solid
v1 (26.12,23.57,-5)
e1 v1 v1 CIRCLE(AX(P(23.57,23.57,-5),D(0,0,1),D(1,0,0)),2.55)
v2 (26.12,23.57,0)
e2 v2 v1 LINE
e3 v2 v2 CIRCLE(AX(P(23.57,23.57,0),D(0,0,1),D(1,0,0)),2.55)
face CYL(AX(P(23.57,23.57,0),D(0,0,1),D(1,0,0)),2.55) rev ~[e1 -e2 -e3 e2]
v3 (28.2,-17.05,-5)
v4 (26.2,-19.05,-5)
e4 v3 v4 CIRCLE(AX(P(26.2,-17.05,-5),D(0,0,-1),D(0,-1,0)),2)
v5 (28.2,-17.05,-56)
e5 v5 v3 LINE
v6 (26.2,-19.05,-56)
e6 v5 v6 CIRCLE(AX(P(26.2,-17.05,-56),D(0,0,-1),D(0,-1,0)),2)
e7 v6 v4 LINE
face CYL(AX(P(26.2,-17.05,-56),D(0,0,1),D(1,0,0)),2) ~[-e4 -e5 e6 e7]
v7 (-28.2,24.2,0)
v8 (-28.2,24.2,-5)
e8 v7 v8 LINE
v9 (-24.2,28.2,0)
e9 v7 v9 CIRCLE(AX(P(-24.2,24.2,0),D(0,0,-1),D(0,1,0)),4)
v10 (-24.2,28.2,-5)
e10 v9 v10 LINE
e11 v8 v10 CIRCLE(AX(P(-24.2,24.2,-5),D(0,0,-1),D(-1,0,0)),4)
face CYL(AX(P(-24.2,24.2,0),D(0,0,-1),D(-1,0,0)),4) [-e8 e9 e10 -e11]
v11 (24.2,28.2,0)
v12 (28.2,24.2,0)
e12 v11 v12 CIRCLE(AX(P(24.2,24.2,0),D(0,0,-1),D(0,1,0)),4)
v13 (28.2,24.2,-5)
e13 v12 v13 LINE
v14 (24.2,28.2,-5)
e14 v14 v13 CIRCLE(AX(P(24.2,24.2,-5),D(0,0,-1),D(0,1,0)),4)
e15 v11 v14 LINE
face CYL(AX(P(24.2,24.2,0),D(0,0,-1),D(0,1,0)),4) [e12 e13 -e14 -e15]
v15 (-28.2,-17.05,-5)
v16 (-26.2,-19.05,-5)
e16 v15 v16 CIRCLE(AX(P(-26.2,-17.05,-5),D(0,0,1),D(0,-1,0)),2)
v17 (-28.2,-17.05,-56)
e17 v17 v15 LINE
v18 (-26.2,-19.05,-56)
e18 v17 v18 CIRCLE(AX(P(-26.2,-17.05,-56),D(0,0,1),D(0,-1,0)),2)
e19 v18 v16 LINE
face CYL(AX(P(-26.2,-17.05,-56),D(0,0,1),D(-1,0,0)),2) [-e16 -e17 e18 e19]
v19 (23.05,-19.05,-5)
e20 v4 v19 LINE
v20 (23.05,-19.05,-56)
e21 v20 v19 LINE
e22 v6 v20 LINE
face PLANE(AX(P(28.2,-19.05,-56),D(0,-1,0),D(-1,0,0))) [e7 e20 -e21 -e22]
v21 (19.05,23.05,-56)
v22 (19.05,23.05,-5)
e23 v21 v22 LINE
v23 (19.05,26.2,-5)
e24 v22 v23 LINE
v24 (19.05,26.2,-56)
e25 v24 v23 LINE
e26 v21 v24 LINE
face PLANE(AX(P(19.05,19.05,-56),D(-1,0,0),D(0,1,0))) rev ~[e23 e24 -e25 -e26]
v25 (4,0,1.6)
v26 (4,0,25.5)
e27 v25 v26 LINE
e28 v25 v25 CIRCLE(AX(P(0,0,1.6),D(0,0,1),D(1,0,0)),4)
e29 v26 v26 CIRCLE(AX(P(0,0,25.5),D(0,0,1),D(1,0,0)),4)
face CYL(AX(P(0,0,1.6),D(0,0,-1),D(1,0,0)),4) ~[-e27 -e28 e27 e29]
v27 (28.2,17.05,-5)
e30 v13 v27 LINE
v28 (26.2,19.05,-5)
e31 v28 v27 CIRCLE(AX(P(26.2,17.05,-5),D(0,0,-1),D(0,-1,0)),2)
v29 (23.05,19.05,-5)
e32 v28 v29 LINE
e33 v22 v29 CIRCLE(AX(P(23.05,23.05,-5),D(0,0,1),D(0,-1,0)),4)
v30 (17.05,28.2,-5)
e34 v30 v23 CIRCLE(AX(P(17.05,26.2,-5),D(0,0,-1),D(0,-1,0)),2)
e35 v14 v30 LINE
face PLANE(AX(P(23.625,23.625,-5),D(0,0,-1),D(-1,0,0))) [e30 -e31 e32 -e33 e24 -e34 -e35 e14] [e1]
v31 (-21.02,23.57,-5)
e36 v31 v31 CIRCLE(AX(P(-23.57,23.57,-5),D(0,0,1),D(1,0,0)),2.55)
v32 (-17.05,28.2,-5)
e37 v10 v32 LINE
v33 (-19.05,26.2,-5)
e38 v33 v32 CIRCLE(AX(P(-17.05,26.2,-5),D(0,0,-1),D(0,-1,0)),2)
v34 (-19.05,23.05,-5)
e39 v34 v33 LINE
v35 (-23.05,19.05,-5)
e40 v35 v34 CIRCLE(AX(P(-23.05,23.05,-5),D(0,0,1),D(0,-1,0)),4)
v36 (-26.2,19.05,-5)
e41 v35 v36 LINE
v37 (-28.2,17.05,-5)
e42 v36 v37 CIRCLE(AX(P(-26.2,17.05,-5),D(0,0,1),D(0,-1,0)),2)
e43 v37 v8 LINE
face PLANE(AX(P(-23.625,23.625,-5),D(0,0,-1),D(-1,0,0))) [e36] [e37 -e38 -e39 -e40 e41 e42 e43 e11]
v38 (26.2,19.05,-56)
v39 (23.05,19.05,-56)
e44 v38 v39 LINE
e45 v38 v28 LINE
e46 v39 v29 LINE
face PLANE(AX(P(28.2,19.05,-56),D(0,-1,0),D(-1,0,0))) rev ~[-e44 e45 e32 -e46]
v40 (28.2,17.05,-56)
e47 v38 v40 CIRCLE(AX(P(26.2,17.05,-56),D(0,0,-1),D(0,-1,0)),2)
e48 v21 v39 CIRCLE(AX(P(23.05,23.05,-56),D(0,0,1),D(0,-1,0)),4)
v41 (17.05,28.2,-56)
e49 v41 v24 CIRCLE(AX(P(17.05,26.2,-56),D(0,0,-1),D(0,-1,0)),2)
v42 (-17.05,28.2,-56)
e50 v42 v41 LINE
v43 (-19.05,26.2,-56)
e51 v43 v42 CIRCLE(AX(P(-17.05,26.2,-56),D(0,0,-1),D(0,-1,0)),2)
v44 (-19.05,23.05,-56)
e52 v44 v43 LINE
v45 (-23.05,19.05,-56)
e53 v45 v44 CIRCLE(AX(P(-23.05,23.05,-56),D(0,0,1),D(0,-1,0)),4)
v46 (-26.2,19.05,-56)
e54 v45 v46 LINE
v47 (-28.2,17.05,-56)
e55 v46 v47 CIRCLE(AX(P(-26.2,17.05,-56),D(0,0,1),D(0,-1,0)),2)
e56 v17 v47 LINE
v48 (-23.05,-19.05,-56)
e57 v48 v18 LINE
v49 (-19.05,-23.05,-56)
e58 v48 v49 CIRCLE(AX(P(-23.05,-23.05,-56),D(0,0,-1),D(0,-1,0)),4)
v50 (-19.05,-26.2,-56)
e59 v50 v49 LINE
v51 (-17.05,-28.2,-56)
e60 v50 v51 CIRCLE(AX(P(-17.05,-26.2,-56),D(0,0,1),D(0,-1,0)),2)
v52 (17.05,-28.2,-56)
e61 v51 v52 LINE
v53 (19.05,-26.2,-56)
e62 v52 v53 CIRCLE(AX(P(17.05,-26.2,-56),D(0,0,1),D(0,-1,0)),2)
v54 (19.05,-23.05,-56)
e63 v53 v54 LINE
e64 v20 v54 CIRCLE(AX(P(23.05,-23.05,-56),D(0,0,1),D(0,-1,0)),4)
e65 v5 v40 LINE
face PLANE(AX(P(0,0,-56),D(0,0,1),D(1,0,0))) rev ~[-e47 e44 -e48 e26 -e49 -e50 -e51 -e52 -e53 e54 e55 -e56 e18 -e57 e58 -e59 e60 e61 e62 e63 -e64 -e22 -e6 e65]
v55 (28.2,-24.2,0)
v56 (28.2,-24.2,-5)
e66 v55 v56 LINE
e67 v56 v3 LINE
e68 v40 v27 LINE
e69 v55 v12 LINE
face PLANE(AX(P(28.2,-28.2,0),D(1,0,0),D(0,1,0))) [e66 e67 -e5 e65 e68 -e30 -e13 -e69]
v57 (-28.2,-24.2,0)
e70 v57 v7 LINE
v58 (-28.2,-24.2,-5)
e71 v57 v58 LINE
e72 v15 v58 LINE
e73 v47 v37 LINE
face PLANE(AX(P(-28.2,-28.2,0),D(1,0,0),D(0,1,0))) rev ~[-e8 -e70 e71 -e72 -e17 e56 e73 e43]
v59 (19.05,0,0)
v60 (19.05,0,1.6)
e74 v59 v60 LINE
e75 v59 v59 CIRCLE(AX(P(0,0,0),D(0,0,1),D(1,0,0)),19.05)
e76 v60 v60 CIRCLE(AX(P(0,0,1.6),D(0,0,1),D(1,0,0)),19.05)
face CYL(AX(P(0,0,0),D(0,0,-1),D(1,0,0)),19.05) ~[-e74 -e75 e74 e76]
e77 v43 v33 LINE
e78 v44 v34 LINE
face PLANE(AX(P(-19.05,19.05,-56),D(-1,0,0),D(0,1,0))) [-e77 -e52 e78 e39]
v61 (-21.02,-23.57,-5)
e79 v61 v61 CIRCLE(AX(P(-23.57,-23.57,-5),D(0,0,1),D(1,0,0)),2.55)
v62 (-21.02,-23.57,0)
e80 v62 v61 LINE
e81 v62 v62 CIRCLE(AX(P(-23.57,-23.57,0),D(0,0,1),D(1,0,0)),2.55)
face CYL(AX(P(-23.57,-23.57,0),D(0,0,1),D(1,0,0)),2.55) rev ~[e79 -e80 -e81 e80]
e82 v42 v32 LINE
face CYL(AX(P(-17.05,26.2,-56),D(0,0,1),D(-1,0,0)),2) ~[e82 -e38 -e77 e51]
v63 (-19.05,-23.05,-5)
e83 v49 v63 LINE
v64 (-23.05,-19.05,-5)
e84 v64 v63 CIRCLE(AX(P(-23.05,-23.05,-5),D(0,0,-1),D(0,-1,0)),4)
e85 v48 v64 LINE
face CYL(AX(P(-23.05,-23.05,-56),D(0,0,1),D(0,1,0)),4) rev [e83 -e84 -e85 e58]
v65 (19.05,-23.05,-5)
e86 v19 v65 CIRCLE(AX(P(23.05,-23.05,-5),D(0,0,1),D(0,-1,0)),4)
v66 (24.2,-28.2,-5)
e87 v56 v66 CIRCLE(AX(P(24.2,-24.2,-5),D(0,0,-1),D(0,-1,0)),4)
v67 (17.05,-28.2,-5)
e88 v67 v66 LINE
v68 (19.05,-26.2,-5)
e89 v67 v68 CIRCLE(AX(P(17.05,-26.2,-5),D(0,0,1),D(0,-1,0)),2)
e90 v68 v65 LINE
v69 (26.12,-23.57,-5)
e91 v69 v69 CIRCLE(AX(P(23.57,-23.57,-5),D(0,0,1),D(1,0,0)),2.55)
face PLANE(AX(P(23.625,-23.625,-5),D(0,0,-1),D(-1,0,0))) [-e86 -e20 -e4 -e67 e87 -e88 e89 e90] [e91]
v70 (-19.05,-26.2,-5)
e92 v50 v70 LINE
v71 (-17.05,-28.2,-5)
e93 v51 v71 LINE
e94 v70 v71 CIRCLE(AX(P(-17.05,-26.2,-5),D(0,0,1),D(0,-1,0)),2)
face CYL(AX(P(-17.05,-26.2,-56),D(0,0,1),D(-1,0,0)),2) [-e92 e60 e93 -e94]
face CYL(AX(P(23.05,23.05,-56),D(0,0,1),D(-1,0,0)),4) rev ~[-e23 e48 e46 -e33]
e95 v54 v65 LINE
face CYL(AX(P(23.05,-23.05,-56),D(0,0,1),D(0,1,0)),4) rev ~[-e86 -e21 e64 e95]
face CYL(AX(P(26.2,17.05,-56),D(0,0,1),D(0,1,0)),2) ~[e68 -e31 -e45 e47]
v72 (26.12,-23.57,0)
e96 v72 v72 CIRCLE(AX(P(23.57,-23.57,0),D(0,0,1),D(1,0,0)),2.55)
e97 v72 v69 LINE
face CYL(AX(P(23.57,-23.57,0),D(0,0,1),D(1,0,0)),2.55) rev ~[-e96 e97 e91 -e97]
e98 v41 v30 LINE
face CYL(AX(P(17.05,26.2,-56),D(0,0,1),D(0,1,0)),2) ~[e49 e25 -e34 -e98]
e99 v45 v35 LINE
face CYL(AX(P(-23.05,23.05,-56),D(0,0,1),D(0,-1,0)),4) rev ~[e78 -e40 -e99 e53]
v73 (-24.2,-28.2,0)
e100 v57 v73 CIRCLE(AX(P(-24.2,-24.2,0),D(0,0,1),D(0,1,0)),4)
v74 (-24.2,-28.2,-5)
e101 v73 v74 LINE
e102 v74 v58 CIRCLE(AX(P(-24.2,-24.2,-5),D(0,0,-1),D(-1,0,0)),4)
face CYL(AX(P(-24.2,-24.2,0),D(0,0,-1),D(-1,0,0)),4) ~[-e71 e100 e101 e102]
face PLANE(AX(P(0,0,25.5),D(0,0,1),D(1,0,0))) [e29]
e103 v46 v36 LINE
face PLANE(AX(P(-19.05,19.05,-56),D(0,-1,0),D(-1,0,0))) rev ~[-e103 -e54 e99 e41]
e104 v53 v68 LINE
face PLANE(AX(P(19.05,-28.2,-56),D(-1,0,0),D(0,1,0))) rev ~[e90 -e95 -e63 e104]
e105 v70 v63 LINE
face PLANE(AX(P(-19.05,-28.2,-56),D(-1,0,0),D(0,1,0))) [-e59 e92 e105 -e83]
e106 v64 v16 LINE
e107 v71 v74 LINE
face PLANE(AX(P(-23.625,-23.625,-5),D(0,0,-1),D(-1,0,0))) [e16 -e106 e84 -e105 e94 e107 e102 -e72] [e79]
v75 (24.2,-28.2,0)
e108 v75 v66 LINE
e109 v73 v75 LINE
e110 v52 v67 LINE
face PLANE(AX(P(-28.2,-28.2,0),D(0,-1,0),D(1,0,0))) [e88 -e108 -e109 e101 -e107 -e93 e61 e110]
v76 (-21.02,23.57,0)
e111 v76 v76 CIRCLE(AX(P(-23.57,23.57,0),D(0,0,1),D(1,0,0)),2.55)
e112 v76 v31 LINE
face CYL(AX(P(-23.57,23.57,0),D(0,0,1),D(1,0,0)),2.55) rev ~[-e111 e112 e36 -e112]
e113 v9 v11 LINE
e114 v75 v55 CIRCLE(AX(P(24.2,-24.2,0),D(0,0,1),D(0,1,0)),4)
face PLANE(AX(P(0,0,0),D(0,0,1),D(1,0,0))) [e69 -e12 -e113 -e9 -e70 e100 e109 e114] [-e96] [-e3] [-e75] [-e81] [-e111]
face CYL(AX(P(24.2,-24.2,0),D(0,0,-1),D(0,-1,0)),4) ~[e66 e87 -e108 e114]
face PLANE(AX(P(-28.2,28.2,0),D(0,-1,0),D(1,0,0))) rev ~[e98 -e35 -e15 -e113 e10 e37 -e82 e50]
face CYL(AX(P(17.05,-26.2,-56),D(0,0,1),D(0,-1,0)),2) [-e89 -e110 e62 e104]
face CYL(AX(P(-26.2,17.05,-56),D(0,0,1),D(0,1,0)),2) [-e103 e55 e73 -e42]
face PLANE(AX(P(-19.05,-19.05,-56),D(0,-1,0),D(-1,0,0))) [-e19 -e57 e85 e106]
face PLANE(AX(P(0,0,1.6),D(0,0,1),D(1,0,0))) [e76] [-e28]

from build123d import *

# Parameters (mm, degrees)
SKETCH1_W           = 56.4
SKETCH1_H           = 56.4
BOSS_EXTRUDE1_DEPTH = 56
SKETCH2_R           = 2.55
CUT_EXTRUDE1_DEPTH  = 6
SKETCH3_R           = 19.05
BOSS_EXTRUDE2_DEPTH = 1.6
SKETCH4_R           = 4
BOSS_EXTRUDE3_DEPTH = 23.9
FILLET1_R           = 4
SKETCH5_W           = 9.15
SKETCH5_H           = 9.15
CUT_EXTRUDE2_DEPTH  = 51
FILLET3_R           = 4
FILLET4_R           = 2


with BuildPart() as part:
    # Sketch1 → Boss-Extrude1 (new body)
    with BuildSketch(Plane.XY):
        Rectangle(SKETCH1_W, SKETCH1_H)
    extrude(amount=-BOSS_EXTRUDE1_DEPTH)

    # Sketch2 → Cut-Extrude1 (cut)
    with BuildSketch(Plane.XY):
        with Locations((-23.57, 23.57)):
            Circle(SKETCH2_R)
        with Locations((23.57, 23.57)):
            Circle(SKETCH2_R)
        with Locations((23.57, -23.57)):
            Circle(SKETCH2_R)
        with Locations((-23.57, -23.57)):
            Circle(SKETCH2_R)
    extrude(amount=-CUT_EXTRUDE1_DEPTH, mode=Mode.SUBTRACT)

    # Sketch3 → Boss-Extrude2 (add)
    with BuildSketch(Plane.XY):
        Circle(SKETCH3_R)
    extrude(amount=BOSS_EXTRUDE2_DEPTH)

    # Sketch4 → Boss-Extrude3 (add)
    with BuildSketch(Plane.XY.offset(1.6)):
        Circle(SKETCH4_R)
    extrude(amount=BOSS_EXTRUDE3_DEPTH)

    # Fillet1
    fillet1_edges = [part.edges().sort_by_distance(p)[0] for p in [
        (28.2, -28.2, -28),
        (-28.2, -28.2, -28),
        (-28.2, 28.2, -28),
        (28.2, 28.2, -28),
    ]]
    fillet(fillet1_edges, radius=FILLET1_R)

    # Sketch5 → Cut-Extrude2 (cut)
    with BuildSketch(Plane(origin=(0, 0, -56), x_dir=(-1, 0, 0), z_dir=(0, 0, -1))):
        with Locations((-23.625, 23.625)):
            Rectangle(SKETCH5_W, SKETCH5_H)
        with Locations((23.625, 23.625)):
            Rectangle(SKETCH5_W, SKETCH5_H)
        with Locations((23.625, -23.625)):
            Rectangle(SKETCH5_W, SKETCH5_H)
        with Locations((-23.625, -23.625)):
            Rectangle(SKETCH5_W, SKETCH5_H)
    extrude(amount=-CUT_EXTRUDE2_DEPTH, mode=Mode.SUBTRACT)

    # Fillet3
    fillet3_edges = [part.edges().sort_by_distance(p)[0] for p in [
        (-19.05, 19.05, -30.5),
        (19.05, 19.05, -30.5),
        (19.05, -19.05, -30.5),
        (-19.05, -19.05, -30.5),
    ]]
    fillet(fillet3_edges, radius=FILLET3_R)

    # Fillet4
    fillet4_edges = [part.edges().sort_by_distance(p)[0] for p in [
        (-28.2, 19.05, -30.5),
        (-19.05, 28.2, -30.5),
        (28.2, 19.05, -30.5),
        (19.05, 28.2, -30.5),
        (28.2, -19.05, -30.5),
        (19.05, -28.2, -30.5),
        (-28.2, -19.05, -30.5),
        (-19.05, -28.2, -30.5),
    ]]
    fillet(fillet4_edges, radius=FILLET4_R)


solid = part.part
